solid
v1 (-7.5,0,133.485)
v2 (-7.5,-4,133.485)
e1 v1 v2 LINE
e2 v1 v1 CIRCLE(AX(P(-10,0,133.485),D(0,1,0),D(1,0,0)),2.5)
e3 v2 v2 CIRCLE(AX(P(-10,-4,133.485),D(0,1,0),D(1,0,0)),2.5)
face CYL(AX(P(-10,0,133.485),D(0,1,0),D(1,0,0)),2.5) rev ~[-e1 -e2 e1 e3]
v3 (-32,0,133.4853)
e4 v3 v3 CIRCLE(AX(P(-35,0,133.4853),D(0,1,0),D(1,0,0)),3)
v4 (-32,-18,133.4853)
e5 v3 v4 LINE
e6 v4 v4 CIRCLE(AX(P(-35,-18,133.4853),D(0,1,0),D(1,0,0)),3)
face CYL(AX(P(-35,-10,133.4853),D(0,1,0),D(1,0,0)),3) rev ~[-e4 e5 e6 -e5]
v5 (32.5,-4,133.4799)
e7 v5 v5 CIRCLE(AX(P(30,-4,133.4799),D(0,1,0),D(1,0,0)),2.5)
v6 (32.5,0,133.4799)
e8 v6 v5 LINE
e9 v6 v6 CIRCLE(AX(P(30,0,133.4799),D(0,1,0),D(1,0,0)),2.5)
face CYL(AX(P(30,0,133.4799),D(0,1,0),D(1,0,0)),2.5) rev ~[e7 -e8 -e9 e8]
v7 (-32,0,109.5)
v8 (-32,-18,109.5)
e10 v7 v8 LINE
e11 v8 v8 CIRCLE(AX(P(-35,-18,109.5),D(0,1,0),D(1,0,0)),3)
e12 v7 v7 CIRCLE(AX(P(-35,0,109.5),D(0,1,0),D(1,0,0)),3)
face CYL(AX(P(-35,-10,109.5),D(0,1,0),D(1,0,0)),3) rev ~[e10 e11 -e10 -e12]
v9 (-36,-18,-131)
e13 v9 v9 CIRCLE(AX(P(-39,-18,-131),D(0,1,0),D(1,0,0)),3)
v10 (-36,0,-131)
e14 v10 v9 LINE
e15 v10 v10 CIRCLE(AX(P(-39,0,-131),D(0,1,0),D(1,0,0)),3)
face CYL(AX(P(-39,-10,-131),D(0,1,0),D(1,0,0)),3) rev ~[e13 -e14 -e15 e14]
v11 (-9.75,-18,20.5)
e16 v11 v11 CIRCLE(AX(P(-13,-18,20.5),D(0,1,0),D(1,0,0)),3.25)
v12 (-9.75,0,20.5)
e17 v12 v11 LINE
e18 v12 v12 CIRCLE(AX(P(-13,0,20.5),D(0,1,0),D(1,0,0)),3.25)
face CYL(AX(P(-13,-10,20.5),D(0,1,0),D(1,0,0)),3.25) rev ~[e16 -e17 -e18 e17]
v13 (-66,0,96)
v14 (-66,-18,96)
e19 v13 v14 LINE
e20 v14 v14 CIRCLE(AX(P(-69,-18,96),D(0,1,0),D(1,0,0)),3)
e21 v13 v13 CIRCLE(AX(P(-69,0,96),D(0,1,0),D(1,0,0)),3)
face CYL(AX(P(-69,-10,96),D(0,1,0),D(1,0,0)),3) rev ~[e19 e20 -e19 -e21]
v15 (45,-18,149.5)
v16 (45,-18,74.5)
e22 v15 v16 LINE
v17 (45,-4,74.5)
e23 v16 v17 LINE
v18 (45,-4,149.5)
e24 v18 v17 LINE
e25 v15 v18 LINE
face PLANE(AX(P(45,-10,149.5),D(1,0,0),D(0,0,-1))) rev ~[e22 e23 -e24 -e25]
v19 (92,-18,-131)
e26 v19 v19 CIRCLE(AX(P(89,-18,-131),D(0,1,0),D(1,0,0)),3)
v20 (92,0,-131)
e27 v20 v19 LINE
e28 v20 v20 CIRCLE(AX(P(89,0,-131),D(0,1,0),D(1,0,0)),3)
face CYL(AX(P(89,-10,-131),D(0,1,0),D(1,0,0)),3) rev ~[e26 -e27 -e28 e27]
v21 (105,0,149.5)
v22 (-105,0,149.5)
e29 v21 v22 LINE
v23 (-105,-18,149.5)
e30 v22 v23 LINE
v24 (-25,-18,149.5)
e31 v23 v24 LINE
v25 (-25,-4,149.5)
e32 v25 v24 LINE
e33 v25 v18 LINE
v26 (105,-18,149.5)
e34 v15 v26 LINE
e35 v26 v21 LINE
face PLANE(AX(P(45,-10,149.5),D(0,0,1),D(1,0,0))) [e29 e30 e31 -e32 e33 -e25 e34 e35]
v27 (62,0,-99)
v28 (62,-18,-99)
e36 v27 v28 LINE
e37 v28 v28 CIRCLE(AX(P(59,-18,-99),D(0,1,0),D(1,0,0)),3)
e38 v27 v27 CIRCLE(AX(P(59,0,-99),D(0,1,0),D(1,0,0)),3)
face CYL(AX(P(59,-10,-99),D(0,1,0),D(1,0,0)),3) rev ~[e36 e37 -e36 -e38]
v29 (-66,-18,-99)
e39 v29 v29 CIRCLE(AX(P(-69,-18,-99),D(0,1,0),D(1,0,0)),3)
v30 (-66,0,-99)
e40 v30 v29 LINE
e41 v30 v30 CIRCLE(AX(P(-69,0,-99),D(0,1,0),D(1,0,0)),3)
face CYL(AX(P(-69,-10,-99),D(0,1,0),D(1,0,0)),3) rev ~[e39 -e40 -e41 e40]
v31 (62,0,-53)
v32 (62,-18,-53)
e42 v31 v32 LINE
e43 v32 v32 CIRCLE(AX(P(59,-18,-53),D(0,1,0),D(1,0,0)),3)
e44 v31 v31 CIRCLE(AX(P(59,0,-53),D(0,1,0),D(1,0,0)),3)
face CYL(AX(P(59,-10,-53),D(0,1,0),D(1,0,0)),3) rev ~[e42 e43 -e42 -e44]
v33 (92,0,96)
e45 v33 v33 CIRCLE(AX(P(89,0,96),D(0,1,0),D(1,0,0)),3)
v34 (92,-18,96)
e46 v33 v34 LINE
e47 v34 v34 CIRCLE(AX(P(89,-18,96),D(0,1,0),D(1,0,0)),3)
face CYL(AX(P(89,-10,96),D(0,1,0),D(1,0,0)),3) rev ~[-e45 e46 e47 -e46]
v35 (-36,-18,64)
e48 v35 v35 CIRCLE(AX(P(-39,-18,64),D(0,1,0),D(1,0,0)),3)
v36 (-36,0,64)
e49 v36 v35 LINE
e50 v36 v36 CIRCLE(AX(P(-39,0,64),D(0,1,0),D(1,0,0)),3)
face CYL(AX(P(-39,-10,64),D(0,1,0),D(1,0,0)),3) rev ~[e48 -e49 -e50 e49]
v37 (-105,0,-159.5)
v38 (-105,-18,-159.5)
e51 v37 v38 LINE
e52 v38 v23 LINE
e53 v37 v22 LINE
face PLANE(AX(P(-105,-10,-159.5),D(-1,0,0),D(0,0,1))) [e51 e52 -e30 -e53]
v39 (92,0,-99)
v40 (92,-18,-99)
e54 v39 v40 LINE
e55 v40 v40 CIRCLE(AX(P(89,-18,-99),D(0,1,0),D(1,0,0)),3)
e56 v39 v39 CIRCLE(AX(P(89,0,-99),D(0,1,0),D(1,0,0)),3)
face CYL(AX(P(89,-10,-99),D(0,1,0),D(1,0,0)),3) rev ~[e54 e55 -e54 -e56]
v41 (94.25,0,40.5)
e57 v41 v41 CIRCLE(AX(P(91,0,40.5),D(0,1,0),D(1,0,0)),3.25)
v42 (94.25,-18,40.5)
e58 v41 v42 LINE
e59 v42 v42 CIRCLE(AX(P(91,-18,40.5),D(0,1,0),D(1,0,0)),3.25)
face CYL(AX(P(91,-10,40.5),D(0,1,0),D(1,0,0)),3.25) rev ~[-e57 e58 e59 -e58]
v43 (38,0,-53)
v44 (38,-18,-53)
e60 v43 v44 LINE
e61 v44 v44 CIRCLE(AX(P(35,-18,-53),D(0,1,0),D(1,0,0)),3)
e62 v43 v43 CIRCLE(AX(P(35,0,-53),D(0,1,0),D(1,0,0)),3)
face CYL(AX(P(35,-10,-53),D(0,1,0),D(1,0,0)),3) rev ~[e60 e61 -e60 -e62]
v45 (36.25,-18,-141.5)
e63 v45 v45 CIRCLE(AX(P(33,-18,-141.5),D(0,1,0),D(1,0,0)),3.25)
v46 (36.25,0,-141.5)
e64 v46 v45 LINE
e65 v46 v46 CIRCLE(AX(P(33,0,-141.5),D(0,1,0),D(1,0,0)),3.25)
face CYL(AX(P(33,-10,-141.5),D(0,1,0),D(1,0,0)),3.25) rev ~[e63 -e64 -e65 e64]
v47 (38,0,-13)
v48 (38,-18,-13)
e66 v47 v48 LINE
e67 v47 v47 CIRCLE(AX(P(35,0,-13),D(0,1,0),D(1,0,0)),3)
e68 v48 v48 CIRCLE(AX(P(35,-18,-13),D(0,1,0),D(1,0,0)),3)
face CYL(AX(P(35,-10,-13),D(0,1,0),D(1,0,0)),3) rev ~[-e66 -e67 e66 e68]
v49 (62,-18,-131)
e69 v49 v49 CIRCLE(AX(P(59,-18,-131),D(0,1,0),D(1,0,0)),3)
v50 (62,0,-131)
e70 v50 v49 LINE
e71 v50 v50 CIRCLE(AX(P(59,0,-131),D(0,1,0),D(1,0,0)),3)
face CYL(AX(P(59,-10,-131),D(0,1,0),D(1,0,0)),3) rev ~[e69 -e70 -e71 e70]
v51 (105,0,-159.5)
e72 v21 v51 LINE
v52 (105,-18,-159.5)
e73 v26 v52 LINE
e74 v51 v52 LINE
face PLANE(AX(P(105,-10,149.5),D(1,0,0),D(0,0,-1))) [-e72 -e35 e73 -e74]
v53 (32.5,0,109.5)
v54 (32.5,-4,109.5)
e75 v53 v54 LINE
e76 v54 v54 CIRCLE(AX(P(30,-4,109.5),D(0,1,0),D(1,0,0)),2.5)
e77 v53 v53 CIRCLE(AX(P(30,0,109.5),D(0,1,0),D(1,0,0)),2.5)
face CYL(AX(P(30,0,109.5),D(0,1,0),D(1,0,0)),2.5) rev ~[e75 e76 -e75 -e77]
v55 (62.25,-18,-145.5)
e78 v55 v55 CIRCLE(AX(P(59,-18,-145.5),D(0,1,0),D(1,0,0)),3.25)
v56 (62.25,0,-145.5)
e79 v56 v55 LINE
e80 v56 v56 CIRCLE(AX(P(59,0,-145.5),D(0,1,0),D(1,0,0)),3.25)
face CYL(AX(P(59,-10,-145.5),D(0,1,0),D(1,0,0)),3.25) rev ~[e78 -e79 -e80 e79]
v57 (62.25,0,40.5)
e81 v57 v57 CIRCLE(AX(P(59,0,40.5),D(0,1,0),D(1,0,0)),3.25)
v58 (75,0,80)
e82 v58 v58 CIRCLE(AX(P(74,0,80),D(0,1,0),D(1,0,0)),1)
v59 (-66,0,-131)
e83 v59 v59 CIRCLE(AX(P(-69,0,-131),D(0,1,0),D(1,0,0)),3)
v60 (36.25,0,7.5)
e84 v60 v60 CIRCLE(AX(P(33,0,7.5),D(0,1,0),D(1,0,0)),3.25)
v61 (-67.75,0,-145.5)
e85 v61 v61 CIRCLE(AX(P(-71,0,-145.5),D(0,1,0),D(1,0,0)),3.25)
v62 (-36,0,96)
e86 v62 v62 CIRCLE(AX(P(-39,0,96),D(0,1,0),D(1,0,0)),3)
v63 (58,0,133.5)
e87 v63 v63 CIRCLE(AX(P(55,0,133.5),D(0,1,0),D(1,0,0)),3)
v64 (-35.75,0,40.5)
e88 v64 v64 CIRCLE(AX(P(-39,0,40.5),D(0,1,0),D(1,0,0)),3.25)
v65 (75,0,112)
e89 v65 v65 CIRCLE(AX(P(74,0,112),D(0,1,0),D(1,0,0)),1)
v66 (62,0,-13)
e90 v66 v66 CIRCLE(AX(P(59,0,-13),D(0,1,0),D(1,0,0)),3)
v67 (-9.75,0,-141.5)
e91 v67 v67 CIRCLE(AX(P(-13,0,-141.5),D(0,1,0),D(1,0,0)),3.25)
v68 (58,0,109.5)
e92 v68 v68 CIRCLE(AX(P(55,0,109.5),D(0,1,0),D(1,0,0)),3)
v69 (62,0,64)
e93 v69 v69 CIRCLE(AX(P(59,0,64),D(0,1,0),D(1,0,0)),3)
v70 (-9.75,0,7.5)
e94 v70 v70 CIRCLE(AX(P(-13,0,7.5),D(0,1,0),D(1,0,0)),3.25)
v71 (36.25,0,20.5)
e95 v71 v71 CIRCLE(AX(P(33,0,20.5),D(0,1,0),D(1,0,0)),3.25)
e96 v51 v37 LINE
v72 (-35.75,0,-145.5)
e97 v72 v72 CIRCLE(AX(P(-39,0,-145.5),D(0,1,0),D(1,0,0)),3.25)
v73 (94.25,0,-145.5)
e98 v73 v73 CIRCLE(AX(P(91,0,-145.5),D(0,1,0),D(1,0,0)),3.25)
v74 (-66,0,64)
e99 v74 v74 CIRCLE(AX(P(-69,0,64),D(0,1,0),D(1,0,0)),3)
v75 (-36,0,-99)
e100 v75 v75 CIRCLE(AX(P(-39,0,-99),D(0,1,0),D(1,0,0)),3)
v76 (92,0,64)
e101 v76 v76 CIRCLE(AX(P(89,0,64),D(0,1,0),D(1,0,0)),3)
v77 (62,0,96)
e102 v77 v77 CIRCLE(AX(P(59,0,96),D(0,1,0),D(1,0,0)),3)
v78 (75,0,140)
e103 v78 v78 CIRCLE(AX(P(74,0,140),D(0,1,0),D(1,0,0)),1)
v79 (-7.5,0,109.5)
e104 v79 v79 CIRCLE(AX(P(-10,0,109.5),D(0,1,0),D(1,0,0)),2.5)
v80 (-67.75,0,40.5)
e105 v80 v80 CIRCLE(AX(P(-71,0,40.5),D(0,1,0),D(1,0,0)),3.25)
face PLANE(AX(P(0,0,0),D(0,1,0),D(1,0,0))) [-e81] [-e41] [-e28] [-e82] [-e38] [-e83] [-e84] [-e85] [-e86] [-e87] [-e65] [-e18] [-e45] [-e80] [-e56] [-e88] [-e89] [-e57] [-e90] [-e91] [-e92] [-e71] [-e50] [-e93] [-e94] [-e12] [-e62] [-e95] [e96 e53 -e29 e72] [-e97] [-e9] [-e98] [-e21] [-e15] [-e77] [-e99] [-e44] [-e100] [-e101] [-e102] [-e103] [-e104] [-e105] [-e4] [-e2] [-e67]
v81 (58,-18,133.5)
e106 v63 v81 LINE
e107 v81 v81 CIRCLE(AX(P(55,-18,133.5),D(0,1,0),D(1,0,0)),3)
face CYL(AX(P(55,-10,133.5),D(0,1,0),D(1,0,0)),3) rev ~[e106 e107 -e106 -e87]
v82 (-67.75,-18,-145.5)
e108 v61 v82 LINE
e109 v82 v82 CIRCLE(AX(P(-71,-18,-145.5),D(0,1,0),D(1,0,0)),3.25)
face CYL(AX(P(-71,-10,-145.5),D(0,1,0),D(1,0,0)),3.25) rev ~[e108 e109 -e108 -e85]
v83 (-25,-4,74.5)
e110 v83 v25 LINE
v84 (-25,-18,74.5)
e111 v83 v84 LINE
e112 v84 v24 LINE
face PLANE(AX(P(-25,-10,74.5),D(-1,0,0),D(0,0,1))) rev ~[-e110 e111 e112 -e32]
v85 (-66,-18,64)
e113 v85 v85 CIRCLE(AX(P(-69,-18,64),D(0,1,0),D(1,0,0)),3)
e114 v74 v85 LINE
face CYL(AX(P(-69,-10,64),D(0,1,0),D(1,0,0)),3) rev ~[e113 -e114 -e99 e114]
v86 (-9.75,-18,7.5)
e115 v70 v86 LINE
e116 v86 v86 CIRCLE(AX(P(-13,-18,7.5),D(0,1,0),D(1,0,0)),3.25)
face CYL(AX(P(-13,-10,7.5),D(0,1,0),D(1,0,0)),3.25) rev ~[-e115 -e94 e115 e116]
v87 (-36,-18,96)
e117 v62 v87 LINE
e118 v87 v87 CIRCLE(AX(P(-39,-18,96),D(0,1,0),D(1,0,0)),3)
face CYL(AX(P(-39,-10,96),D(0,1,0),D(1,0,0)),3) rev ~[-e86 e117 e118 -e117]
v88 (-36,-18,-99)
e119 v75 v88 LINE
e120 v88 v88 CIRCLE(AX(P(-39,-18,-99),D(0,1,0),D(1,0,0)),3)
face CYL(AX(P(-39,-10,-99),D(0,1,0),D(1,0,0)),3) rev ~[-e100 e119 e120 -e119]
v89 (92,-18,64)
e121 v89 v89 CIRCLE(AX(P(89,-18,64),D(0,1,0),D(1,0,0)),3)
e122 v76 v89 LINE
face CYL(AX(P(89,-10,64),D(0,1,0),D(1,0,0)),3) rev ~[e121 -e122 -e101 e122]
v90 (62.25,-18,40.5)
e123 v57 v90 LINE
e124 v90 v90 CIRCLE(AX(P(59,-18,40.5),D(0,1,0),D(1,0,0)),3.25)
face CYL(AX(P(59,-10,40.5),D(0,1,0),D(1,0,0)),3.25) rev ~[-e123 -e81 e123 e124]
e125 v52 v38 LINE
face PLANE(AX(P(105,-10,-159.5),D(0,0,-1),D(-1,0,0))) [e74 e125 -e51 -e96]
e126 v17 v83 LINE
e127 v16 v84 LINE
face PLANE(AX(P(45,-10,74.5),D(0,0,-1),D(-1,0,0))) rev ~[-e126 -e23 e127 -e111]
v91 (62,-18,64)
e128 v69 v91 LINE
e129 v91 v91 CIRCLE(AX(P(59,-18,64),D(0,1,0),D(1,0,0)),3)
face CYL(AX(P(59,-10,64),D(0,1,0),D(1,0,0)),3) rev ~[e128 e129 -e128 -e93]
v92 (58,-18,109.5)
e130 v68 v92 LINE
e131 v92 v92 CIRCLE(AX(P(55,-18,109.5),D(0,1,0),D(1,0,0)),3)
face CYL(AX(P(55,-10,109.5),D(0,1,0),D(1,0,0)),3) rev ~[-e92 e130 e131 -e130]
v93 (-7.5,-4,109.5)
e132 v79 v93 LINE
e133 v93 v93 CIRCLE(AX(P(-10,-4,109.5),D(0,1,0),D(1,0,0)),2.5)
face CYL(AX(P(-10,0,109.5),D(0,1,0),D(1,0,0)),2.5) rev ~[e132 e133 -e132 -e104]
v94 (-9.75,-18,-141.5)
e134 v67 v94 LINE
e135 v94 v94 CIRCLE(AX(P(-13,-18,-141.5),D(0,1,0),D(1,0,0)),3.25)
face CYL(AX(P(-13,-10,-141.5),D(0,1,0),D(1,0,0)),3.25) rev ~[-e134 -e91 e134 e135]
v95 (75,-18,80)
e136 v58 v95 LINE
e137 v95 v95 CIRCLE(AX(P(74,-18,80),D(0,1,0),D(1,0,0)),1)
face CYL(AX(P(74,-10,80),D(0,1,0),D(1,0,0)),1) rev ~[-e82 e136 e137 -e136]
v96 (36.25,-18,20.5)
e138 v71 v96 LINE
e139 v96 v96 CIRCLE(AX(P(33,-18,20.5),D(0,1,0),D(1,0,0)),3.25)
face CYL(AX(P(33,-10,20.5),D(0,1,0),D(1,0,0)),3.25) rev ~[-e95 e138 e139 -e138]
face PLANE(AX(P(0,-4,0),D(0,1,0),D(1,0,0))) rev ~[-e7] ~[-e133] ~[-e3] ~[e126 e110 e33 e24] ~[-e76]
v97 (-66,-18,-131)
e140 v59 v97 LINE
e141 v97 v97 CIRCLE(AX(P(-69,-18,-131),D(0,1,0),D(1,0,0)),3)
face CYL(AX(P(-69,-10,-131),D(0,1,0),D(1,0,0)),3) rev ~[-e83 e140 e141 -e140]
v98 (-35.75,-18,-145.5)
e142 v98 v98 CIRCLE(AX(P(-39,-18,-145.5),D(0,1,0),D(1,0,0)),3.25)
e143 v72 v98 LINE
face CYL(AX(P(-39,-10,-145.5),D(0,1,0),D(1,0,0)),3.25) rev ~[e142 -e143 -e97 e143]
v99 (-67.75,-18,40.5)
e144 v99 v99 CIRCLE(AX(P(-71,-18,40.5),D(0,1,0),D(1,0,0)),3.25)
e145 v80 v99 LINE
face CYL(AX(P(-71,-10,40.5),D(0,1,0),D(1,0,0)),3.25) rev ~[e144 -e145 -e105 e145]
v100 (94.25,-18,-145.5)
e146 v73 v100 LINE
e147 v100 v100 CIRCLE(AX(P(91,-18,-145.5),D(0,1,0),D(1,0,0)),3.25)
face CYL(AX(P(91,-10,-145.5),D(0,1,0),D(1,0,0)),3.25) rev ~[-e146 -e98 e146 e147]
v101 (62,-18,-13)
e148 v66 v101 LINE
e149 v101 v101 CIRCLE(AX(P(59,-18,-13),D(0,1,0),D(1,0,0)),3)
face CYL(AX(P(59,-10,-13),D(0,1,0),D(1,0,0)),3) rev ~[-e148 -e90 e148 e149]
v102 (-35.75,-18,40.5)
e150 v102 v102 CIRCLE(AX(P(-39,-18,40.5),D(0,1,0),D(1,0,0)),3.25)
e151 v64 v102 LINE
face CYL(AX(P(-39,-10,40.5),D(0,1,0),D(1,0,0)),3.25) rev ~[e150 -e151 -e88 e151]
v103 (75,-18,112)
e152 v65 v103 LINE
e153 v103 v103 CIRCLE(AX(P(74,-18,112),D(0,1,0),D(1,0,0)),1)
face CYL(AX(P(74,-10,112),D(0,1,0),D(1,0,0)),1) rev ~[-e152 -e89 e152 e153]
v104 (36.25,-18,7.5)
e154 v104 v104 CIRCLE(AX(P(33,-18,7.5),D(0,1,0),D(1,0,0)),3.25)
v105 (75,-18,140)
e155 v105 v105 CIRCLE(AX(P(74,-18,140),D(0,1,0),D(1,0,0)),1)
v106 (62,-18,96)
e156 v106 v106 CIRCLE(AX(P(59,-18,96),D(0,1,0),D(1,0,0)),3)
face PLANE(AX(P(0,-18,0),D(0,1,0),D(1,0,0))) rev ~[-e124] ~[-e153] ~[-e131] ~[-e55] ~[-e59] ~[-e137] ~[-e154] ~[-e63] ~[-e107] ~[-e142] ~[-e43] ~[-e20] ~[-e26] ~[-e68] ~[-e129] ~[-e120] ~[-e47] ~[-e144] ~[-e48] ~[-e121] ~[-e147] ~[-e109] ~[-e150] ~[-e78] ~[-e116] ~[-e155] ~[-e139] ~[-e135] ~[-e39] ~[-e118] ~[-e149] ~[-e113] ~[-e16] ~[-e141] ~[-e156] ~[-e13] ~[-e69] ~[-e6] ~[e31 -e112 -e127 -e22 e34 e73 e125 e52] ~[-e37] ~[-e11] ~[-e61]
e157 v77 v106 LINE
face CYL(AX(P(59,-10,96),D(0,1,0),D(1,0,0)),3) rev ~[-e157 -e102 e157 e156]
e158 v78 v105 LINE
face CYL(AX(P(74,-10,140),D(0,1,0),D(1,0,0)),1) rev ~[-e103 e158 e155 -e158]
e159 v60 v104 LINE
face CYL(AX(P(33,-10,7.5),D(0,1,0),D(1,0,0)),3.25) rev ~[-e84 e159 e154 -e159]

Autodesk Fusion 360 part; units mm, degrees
sketch "Z main board" plane through (0, 0, 0) normal (0, 1, 0) x (1, 0, 0)
  circle A0 centre (89, -64) radius 3
  circle A1 centre (33, -7.5) radius 3.25
  circle A2 centre (-10, -109.5) radius 2.5
  line L0 (-71, -60) -> (-71, 150) construction
  line L1 (-80, -64) -> (100, -64) construction
  circle A3 centre (-71, -40.5) radius 3.25
  circle A4 centre (30, -133.4799) radius 2.5
  line L2 (45, -74.5) -> (-25, -74.5)
  line L3 (-70, -109.5) -> (80, -109.5) construction
  line L4 (45, -149.5) -> (45, -74.5)
  line L5 (-70, -133.5) -> (80, -133.5) construction
  line L6 (30, -133.4799) -> (30, -109.5) construction
  circle A5 centre (-35, -133.4853) radius 3
  circle A6 centre (55, -133.5) radius 3
  circle A7 centre (-35, -109.5) radius 3
  line L7 (91, -60) -> (91, 150) construction
  line L8 (-105, -149.5) -> (105, -149.5)
  line L9 (-80, -40.5) -> (100, -40.5) construction
  circle A8 centre (-69, -64) radius 3
  circle A9 centre (-13, -20.5) radius 3.25
  circle A10 centre (91, -40.5) radius 3.25
  line L10 (-20, -20.5) -> (45, -20.5) construction
  circle A11 centre (89, -96) radius 3
  line L11 (-13, -80) -> (-13, 145.5) construction
  line L12 (-105, 159.5) -> (-105, -149.5)
  circle A12 centre (-13, -7.5) radius 3.25
  line L13 (-69, -140) -> (-69, 140) construction
  line L14 (-39, -130) -> (-39, 150) construction
  circle A13 centre (-39, -96) radius 3
  circle A14 centre (-39, -64) radius 3
  circle A15 centre (30, -109.5) radius 2.5
  line L15 (59, -130) -> (59, 150) construction
  circle A16 centre (89, 99) radius 3
  line L16 (30, 13) -> (65, 13) construction
  line L17 (33, -80) -> (33, 145.5) construction
  circle A17 centre (59, 131) radius 3
  line L18 (89, 140) -> (89, -140) construction
  line L19 (35, -5) -> (35, 60) construction
  circle A18 centre (59, 53) radius 3
  line L20 (-80, 131) -> (100, 131) construction
  circle A19 centre (-69, 99) radius 3
  circle A20 centre (89, 131) radius 3
  line L21 (105, -149.5) -> (105, 159.5)
  circle A21 centre (59, 13) radius 3
  circle A22 centre (59, 145.5) radius 3.25
  circle A23 centre (35, 13) radius 3
  line L22 (105, 159.5) -> (-105, 159.5)
  line L23 (-80, 99) -> (100, 99) construction
  circle A24 centre (91, 145.5) radius 3.25
  circle A25 centre (-39, 145.5) radius 3.25
  circle A26 centre (-39, 99) radius 3
  circle A27 centre (33, 141.5) radius 3.25
  line L24 (30, 53) -> (65, 53) construction
  line L25 (-80, 145.5) -> (100, 145.5) construction
  circle A28 centre (-71, 145.5) radius 3.25
  line L26 (-20, 141.5) -> (40, 141.5) construction
  circle A29 centre (-69, 131) radius 3
  circle A30 centre (-39, 131) radius 3
  circle A31 centre (59, 99) radius 3
  circle A32 centre (35, 53) radius 3
  circle A33 centre (-13, 141.5) radius 3.25
  circle A34 centre (59, -64) radius 3
  circle A35 centre (59, -96) radius 3
  circle A36 centre (-39, -40.5) radius 3.25
  line L27 (-20, -7.5) -> (45, -7.5) construction
  line L28 (-80, -96) -> (100, -96) construction
  circle A37 centre (33, -20.5) radius 3.25
  line L29 (-25, -74.5) -> (-25, -149.5)
  line L30 (-10, -133.485) -> (-10, -109.5) construction
  line L31 (55, -134.9971) -> (55, -109.5) construction
  circle A38 centre (-10, -133.485) radius 2.5
  circle A39 centre (-69, -96) radius 3
  line L32 (-35, -133.4853) -> (-35, -109.5) construction
  circle A40 centre (59, -40.5) radius 3.25
  circle A41 centre (55, -109.5) radius 3
  line L33 (74, -32.219) -> (74, -146.1103) construction
  circle A42 centre (74, -80) radius 1
  circle A43 centre (74, -112) radius 1
  circle A44 centre (74, -140) radius 1
  dimension "d1" = 75
  dimension "d2" = 70
  dimension "d3" = 60
  dimension "d4" = 16
  dimension "d5" = 24
  dimension "d6" = 40
  dimension "d7" = 25
  dimension "d8" = 50
  dimension "d9" = 16
  dimension "d10" = 30
  dimension "d11" = 30
  dimension "d12" = 36
  dimension "d13" = 210
  dimension "d14" = 309
  dimension "d15" = 32
  dimension "d16" = 53.5
  dimension "d17" = 32
  dimension "d18" = 163
  dimension "d19" = 2
  dimension "d20" = 2
  dimension "d21" = 14.5
  dimension "d22" = 46
  dimension "d23" = 3
  dimension "d24" = 3
  dimension "d25" = 24
  dimension "d26" = 40
  dimension "d27" = 13
  dimension "d28" = 149
  dimension "d29" = 25
  dimension "d30" = 6
  dimension "d31" = 5
  dimension "d32" = 5
  dimension "d33" = 6
  dimension "d34" = 6
  dimension "d35" = 5
  dimension "d36" = 5
  dimension "d37" = 6
  dimension "d38" = 6
  dimension "d39" = 6
  dimension "d40" = 6
  dimension "d41" = 6
  dimension "d42" = 6
  dimension "d43" = 6
  dimension "d44" = 6
  dimension "d45" = 6
  dimension "d46" = 6
  dimension "d47" = 6
  dimension "d48" = 6
  dimension "d49" = 6
  dimension "d50" = 6
  dimension "d51" = 6
  dimension "d52" = 6
  dimension "d53" = 6
  dimension "d54" = 6.5
  dimension "d55" = 6.5
  dimension "d56" = 6.5
  dimension "d57" = 6.5
  dimension "d58" = 23.5
  dimension "d59" = 6.5
  dimension "d60" = 6.5
  dimension "d61" = 6.5
  dimension "d62" = 6.5
  dimension "d63" = 6.5
  dimension "d64" = 6.5
  dimension "d65" = 6.5
  dimension "d66" = 6.5
  dimension "d67" = 20
  dimension "d68" = 6.5
  dimension "d69" = 6.5
  dimension "d70" = 6
  dimension "d71" = 6
  dimension "d72" = 6
  dimension "d73" = 6
  dimension "d82" = 77
  dimension "d83" = 149
  dimension "d84" = 46
  dimension "d85" = 118
  dimension "d86" = 30
  dimension "d87" = 15
  dimension "d88" = 2
  dimension "d89" = 2
  dimension "d90" = 2
  dimension "d91" = 28
  dimension "d92" = 32
  dimension "d93" = 16
extrude "Extrude2" add sketch "Z main board" against normal blind 10 contours L2 L4 L8 L12 L21 L22 L29
extrude "Extrude3" add sketch "Z main board" against normal blind 4 contours L2 L4 L8 L29
extrude "Extrude4" add 1 faces at (-52.0966, -10, -17.5607) along direction (0, -1, 0) blind 8
equation "d87 = 30.0 mm / 2"
equation "d89 = d88"
equation "d90 = d88"
equation "d93 = d15 / 2"
